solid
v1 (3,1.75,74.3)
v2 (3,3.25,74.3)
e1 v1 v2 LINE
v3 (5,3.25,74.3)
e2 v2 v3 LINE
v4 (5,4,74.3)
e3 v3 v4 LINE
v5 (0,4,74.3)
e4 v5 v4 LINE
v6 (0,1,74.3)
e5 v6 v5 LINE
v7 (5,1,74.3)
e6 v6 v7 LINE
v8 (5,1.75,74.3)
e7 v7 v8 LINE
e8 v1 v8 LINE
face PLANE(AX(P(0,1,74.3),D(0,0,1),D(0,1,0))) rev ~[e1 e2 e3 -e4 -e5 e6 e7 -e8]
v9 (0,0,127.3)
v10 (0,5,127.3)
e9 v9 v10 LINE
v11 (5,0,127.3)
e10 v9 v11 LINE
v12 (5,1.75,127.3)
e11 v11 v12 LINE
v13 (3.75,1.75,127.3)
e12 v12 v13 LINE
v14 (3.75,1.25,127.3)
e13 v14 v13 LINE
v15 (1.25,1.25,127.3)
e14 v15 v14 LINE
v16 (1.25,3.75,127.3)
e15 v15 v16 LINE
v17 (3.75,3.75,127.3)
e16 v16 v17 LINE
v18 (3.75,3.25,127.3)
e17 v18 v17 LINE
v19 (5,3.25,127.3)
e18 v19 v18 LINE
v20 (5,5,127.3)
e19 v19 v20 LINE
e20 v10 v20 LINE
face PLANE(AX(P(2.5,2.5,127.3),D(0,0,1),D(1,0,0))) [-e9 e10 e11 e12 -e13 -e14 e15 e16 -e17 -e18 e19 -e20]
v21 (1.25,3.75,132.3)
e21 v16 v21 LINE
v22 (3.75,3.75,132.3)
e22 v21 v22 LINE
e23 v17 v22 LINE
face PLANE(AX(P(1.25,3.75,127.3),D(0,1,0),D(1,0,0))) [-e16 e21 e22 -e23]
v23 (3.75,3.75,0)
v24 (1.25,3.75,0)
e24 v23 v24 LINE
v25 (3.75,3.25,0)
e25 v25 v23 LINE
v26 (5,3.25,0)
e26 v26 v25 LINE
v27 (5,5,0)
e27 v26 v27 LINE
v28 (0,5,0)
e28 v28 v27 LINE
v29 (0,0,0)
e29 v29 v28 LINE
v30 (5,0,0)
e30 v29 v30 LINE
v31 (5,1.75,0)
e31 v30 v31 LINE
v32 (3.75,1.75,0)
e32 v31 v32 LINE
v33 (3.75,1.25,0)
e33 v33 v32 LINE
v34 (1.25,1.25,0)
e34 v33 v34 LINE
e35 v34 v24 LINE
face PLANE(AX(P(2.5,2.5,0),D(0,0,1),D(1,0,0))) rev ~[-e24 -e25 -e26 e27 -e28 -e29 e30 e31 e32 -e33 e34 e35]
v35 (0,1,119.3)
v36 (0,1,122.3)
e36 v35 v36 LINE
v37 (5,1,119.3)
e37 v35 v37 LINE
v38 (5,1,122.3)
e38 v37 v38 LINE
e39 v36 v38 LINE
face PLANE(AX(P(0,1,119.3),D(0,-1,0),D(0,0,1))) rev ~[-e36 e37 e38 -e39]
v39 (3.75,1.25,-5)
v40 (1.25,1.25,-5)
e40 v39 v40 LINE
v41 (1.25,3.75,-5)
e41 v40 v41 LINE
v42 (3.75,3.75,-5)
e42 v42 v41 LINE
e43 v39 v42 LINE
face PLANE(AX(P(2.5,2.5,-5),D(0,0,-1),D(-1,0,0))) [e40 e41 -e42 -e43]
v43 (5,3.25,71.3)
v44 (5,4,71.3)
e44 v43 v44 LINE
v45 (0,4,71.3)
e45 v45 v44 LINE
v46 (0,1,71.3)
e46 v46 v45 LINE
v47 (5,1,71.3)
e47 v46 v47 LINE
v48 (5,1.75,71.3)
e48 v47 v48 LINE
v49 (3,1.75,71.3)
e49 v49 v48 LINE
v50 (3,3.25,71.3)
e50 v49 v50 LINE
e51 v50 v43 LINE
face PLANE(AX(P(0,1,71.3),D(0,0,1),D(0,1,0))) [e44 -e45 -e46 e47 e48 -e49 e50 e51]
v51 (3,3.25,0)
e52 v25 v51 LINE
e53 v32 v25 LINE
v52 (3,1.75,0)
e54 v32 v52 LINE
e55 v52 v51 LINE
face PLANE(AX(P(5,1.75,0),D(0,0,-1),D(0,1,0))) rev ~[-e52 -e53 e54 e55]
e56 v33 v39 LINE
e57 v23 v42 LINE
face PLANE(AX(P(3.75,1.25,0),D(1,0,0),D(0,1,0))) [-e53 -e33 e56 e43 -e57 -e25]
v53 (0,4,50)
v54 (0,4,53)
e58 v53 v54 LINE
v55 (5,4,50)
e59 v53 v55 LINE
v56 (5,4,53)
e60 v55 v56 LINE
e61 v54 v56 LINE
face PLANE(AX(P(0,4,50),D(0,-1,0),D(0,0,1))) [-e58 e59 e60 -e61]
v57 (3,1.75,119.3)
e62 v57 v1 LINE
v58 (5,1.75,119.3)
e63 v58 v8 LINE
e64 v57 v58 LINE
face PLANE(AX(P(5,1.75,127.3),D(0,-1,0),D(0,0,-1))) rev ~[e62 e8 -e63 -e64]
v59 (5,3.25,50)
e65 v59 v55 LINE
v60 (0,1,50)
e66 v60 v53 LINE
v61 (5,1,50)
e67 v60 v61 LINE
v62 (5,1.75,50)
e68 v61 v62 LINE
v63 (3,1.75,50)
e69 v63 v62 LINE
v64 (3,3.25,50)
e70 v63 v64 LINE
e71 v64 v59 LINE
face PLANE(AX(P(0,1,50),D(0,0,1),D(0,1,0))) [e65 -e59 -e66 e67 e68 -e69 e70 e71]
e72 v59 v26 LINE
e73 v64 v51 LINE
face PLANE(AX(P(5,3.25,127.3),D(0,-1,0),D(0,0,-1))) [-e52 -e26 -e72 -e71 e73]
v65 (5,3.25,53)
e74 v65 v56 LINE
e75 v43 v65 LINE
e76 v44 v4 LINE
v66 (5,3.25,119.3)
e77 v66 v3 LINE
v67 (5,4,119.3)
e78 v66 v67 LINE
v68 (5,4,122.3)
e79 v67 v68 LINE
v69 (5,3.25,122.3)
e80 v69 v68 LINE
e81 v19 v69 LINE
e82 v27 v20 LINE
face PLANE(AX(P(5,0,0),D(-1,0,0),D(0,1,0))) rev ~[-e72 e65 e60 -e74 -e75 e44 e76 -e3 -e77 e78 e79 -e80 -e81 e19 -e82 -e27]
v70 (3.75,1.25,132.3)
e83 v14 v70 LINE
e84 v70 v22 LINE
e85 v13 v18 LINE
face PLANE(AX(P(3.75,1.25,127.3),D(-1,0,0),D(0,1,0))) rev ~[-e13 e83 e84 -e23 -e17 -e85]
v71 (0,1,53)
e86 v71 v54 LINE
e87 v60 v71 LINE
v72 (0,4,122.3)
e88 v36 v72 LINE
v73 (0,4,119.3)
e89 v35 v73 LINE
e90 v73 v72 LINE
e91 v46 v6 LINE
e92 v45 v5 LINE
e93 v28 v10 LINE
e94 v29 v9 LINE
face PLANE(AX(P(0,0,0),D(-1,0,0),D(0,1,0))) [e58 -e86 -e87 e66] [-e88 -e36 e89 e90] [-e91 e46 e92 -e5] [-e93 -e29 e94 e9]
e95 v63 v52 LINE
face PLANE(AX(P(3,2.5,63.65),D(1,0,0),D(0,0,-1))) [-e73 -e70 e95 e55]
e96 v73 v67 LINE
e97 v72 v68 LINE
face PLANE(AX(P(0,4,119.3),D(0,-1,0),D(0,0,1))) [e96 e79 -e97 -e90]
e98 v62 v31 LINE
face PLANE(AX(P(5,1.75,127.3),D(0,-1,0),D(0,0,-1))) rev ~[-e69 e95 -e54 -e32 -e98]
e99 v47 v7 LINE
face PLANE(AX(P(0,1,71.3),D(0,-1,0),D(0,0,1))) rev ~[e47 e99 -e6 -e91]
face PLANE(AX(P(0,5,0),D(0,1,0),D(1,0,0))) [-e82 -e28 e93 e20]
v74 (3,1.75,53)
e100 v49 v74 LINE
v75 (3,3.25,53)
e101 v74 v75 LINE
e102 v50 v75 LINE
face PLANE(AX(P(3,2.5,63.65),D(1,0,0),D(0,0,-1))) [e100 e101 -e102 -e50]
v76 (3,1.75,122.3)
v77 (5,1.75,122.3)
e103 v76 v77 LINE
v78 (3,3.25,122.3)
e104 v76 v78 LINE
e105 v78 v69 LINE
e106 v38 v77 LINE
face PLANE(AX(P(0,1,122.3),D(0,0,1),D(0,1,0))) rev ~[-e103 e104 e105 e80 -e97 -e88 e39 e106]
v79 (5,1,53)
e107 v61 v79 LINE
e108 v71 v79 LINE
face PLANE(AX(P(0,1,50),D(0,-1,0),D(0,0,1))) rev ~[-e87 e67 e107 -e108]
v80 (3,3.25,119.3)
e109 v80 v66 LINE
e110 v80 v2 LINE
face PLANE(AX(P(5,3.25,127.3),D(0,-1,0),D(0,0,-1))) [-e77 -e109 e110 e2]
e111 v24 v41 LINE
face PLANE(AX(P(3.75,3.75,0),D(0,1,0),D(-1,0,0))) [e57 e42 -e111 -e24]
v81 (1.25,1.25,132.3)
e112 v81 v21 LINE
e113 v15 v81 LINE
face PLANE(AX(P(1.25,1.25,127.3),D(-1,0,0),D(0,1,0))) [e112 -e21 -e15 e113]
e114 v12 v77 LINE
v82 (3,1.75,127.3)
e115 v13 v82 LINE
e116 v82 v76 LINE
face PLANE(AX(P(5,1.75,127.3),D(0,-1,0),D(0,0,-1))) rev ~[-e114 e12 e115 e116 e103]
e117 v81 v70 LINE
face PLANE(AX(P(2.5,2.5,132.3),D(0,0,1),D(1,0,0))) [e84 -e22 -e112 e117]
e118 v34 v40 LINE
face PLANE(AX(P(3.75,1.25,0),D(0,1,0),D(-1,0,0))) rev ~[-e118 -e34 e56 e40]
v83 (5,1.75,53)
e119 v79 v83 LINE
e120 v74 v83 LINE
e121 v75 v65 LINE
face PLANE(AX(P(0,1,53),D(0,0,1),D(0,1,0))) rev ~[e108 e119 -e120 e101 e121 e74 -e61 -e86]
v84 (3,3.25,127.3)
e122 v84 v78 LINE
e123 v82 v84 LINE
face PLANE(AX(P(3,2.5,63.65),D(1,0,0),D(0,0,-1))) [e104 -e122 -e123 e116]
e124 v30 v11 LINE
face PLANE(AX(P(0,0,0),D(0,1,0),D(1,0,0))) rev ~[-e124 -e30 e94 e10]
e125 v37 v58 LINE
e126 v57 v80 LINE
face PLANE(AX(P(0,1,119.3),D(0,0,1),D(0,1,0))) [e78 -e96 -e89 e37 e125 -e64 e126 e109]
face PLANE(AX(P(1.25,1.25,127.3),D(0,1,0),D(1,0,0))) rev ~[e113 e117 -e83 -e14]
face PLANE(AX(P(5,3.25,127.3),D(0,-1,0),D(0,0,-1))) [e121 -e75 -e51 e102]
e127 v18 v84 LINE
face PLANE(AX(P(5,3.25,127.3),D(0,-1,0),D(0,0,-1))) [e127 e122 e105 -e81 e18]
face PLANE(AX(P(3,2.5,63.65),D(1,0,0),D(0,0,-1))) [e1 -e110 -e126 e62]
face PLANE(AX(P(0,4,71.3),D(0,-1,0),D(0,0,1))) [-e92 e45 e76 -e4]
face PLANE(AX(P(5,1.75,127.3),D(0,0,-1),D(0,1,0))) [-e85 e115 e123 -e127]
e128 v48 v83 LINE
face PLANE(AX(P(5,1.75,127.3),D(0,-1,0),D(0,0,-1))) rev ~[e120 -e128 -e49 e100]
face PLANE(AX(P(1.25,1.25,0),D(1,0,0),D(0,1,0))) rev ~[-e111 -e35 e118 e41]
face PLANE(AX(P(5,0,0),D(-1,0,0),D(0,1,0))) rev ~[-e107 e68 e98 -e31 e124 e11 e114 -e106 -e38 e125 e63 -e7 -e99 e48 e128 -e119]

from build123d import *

# Parameters (mm, degrees)
SKETCH1_W           = 5
SKETCH1_H           = 5
BOSS_EXTRUDE1_DEPTH = 127.3
SKETCH2_W           = 2.5
SKETCH2_H           = 2.5
BOSS_EXTRUDE2_DEPTH = 5
SKETCH3_W           = 2.5
SKETCH3_H           = 2.5
BOSS_EXTRUDE3_DEPTH = 5
SKETCH4_W           = 3
SKETCH4_H           = 3
CUT_EXTRUDE1_DEPTH  = 30
SKETCH7_W           = 127.3
SKETCH7_H           = 1.5
CUT_EXTRUDE5_DEPTH  = 2


with BuildPart() as part:
    # Sketch1 → Boss-Extrude1 (new body)
    with BuildSketch(Plane.XY):
        with Locations((2.5, 2.5)):
            Rectangle(SKETCH1_W, SKETCH1_H)
    extrude(amount=BOSS_EXTRUDE1_DEPTH)

    # Sketch2 → Boss-Extrude2 (add)
    with BuildSketch(Plane(origin=(0, 0, 0), x_dir=(-1, 0, 0), z_dir=(0, 0, -1))):
        with Locations((-2.5, 2.5)):
            Rectangle(SKETCH2_W, SKETCH2_H)
    extrude(amount=BOSS_EXTRUDE2_DEPTH)

    # Sketch3 → Boss-Extrude3 (add)
    with BuildSketch(Plane.XY.offset(127.3)):
        with Locations((2.5, 2.5)):
            Rectangle(SKETCH3_W, SKETCH3_H)
    extrude(amount=BOSS_EXTRUDE3_DEPTH)

    # Sketch4 → Cut-Extrude1 (cut)
    with BuildSketch(Plane.ZY):
        with Locations((120.8, 2.5)):
            Rectangle(SKETCH4_W, SKETCH4_H)
        with Locations((51.5, 2.5)):
            Rectangle(SKETCH4_W, SKETCH4_H)
        with Locations((72.8, 2.5)):
            Rectangle(SKETCH4_W, SKETCH4_H)
    extrude(amount=-CUT_EXTRUDE1_DEPTH, mode=Mode.SUBTRACT)

    # Sketch7 → Cut-Extrude5 (cut)
    with BuildSketch(Plane(origin=(5, 0, 0), x_dir=(0, 0, -1), z_dir=(1, 0, 0))):
        with Locations((-63.65, 2.5)):
            Rectangle(SKETCH7_W, SKETCH7_H)
    extrude(amount=-CUT_EXTRUDE5_DEPTH, mode=Mode.SUBTRACT)


solid = part.part
